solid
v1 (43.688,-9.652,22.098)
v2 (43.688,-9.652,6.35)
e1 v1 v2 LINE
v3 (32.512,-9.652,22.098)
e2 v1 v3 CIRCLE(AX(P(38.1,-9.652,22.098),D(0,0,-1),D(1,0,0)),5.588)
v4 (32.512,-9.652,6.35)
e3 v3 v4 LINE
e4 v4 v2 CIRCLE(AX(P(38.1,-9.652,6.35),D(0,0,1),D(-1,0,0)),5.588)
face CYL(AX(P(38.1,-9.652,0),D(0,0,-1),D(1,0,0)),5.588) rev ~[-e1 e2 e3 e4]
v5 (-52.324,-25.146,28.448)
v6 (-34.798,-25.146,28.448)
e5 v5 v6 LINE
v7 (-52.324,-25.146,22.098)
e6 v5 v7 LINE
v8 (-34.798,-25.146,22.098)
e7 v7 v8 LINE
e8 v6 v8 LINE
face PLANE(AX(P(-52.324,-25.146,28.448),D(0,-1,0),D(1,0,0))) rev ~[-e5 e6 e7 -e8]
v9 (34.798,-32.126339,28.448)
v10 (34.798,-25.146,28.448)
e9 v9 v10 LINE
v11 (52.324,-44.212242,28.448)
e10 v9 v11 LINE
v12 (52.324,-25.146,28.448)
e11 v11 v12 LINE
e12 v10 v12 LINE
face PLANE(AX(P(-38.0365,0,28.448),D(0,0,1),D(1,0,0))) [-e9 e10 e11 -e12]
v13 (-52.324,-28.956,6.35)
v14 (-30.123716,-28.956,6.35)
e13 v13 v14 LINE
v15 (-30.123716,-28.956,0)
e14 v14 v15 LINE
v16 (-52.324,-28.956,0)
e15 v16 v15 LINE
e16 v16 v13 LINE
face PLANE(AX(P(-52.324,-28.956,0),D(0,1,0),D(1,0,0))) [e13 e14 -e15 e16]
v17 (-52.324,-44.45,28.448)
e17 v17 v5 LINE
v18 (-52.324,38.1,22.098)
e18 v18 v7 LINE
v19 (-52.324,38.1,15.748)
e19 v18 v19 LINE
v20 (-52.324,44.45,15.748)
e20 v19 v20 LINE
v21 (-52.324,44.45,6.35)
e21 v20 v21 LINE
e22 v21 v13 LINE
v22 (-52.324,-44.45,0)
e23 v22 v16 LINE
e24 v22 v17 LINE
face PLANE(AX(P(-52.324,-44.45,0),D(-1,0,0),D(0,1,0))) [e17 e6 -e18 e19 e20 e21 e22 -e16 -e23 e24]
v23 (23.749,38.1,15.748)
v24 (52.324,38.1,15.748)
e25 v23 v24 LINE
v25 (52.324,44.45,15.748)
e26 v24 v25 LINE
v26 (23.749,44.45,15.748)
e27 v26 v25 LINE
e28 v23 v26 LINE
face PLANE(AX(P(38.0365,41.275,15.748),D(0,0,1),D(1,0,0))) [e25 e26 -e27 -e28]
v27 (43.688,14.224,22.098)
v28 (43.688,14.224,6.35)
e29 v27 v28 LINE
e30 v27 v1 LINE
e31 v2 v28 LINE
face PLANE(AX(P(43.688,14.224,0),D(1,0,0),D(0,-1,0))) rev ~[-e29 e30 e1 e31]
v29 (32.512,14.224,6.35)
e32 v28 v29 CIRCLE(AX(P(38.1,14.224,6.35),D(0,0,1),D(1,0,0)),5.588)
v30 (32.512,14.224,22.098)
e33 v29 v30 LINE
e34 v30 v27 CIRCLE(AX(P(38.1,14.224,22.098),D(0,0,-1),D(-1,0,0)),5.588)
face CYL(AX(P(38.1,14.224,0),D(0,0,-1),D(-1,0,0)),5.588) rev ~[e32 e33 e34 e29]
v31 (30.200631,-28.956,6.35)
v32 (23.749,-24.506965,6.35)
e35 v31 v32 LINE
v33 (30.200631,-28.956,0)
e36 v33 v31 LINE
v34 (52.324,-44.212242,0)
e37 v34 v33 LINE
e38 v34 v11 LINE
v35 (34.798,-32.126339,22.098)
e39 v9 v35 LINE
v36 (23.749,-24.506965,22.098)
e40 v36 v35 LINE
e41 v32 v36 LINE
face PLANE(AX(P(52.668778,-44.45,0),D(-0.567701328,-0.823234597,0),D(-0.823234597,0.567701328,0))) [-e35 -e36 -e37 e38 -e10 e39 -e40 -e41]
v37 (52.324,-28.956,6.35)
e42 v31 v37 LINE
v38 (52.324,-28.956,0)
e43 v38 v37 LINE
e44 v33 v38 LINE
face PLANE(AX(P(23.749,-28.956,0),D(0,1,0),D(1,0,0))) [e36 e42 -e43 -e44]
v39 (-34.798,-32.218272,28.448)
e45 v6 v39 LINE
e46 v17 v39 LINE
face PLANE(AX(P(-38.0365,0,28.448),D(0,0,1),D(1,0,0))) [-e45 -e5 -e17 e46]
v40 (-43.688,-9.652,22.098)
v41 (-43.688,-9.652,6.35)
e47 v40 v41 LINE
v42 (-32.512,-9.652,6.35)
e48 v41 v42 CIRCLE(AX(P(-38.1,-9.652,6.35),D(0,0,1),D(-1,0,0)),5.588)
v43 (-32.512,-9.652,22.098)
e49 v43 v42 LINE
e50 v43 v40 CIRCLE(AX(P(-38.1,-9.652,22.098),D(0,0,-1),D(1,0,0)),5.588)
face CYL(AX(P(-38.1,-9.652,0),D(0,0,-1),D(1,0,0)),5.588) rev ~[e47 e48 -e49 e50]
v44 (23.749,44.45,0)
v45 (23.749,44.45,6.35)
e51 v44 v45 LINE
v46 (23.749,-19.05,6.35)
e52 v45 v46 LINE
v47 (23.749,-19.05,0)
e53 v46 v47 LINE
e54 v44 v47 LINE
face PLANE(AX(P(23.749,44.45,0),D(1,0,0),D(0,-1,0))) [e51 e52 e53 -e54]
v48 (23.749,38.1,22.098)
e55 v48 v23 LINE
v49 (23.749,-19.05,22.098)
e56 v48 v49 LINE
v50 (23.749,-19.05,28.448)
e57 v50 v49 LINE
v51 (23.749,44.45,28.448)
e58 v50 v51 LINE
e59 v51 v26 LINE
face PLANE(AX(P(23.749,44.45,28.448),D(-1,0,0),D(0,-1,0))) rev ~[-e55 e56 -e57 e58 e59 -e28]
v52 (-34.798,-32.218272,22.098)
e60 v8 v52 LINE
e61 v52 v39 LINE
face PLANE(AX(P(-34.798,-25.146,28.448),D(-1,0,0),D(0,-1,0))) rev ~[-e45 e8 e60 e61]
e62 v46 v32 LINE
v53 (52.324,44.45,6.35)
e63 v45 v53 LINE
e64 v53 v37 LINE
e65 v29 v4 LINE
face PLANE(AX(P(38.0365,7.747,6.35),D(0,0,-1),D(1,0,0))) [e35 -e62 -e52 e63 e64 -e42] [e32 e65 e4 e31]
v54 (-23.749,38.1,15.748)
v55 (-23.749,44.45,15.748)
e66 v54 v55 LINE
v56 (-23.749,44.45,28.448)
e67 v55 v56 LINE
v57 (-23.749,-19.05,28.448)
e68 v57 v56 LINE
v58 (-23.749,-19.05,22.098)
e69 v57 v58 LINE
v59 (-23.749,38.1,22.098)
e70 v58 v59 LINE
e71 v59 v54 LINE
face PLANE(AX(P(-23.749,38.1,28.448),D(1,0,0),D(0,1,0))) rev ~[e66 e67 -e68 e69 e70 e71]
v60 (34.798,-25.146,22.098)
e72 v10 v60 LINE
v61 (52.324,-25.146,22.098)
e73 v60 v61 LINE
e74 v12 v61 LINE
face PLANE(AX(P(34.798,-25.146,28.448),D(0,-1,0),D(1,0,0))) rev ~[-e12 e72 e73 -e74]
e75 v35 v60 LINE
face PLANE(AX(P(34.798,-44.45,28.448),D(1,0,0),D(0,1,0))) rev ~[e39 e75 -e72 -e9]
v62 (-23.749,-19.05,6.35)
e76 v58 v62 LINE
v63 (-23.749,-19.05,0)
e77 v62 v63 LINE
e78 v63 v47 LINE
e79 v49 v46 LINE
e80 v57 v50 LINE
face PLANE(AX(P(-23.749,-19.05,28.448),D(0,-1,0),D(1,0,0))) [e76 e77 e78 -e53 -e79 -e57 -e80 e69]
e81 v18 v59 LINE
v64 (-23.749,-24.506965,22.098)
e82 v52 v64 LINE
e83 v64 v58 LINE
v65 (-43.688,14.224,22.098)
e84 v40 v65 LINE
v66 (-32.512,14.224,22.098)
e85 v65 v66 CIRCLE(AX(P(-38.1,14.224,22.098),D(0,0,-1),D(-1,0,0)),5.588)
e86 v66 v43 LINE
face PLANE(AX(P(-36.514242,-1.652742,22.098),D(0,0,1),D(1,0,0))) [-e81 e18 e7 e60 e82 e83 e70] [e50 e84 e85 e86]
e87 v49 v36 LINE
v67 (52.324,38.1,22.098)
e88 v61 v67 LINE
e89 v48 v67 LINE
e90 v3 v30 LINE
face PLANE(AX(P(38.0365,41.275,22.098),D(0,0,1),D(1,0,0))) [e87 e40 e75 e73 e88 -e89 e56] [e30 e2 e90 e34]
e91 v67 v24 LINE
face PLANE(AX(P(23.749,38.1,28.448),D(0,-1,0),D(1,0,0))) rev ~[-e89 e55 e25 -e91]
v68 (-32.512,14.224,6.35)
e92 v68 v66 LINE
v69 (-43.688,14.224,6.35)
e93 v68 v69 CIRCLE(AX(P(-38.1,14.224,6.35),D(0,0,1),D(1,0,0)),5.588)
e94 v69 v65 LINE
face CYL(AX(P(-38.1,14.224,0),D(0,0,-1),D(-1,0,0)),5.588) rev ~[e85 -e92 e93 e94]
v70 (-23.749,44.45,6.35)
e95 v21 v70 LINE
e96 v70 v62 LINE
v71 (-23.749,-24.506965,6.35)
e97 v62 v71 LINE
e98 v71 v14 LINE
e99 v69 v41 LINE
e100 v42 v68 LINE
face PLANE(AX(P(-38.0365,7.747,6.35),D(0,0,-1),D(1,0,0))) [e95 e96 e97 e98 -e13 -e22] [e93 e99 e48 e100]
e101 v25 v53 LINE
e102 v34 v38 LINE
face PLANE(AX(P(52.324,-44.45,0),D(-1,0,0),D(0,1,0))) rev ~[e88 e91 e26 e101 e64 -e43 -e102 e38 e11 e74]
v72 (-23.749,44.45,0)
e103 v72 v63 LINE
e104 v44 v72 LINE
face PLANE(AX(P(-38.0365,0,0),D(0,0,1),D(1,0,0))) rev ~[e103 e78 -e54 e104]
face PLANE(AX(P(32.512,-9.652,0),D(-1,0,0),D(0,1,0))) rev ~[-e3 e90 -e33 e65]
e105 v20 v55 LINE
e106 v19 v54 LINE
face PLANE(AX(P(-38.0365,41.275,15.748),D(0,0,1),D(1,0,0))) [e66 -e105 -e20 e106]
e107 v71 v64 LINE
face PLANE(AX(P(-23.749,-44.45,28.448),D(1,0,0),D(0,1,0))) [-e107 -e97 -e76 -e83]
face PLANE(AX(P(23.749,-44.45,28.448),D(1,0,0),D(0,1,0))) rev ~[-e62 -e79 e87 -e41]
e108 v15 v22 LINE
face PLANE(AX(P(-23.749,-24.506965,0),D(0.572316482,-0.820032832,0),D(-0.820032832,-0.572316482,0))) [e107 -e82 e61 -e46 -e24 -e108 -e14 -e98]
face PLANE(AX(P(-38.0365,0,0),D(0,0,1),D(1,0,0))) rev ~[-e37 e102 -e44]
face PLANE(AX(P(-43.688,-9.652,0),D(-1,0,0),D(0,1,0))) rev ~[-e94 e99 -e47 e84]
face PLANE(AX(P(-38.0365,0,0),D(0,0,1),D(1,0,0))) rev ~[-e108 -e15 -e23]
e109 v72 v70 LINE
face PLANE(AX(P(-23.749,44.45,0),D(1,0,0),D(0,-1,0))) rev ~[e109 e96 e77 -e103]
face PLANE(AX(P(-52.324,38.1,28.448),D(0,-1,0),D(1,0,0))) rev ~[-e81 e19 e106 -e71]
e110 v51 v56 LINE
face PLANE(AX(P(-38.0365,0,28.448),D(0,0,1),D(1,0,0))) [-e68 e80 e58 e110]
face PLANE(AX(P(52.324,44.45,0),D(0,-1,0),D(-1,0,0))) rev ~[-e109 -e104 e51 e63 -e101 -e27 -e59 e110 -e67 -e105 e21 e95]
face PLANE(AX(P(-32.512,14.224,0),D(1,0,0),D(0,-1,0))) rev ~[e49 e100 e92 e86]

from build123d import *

# Parameters (mm, degrees)
F0_W      = 28.575
F0_H      = 88.9
F0_W_2    = 47.498
F1_DEPTH  = 28.448
F2_DEPTH  = 25.4
F3_W      = 28.575
F3_H      = 73.406
F4_DEPTH  = 6.35
F5_W      = 28.575
F5_H      = 6.35
F6_DEPTH  = 6.35
F7_DEPTH  = 12.7
F8_W      = 47.498
F8_H      = 25.4
F9_DEPTH  = 28.449
F11_DEPTH = 28.449


with BuildPart() as f1:
    # F0 (on Top) → F1 (new body)
    with BuildSketch(Plane.XY):
        with Locations((-38.0365, 0)):
            Rectangle(F0_W, F0_H)
        with BuildLine():
            ThreePointArc((-43.688, 14.224), (-38.1, 19.812), (-32.512, 14.224))
            Line((-32.512, 14.224), (-32.512, -9.652))
            ThreePointArc((-32.512, -9.652), (-38.1, -15.24), (-43.688, -9.652))
            Line((-43.688, -9.652), (-43.688, 14.224))
        make_face(mode=Mode.SUBTRACT)
        Rectangle(F0_W_2, F0_H)
        with Locations((38.0365, 0)):
            Rectangle(F0_W, F0_H)
        with BuildLine():
            ThreePointArc((32.512, 14.224), (38.1, 19.812), (43.688, 14.224))
            Line((43.688, 14.224), (43.688, -9.652))
            ThreePointArc((43.688, -9.652), (38.1, -15.24), (32.512, -9.652))
            Line((32.512, -9.652), (32.512, 14.224))
        make_face(mode=Mode.SUBTRACT)
    extrude(amount=F1_DEPTH)

    # F0 (on Top) → F2 (join)
    with BuildSketch(Plane.XY):
        with Locations((-38.0365, 0)):
            Rectangle(F0_W, F0_H)
        with BuildLine():
            ThreePointArc((-43.688, 14.224), (-38.1, 19.812), (-32.512, 14.224))
            Line((-32.512, 14.224), (-32.512, -9.652))
            ThreePointArc((-32.512, -9.652), (-38.1, -15.24), (-43.688, -9.652))
            Line((-43.688, -9.652), (-43.688, 14.224))
        make_face(mode=Mode.SUBTRACT)
        Rectangle(F0_W_2, F0_H)
        with Locations((38.0365, 0)):
            Rectangle(F0_W, F0_H)
        with BuildLine():
            ThreePointArc((32.512, 14.224), (38.1, 19.812), (43.688, 14.224))
            Line((43.688, 14.224), (43.688, -9.652))
            ThreePointArc((43.688, -9.652), (38.1, -15.24), (32.512, -9.652))
            Line((32.512, -9.652), (32.512, 14.224))
        make_face(mode=Mode.SUBTRACT)
    extrude(amount=F2_DEPTH)

    # F3 (on face) → F4 (cut)
    with BuildSketch(Plane(origin=(0, 0, 0), x_dir=(1, 0, 0), z_dir=(0, 0, -1))):
        with Locations((38.0365, -7.747)):
            Rectangle(F3_W, F3_H)
        with BuildLine():
            ThreePointArc((43.688, -14.224), (38.1, -19.812), (32.512, -14.224))
            Line((32.512, -14.224), (32.512, 9.652))
            ThreePointArc((32.512, 9.652), (38.1, 15.24), (43.688, 9.652))
            Line((43.688, 9.652), (43.688, -14.224))
        make_face(mode=Mode.SUBTRACT)
        with Locations((-38.0365, -7.747)):
            Rectangle(F3_W, F3_H)
        with BuildLine():
            Line((-32.512, 9.652), (-32.512, -14.224))
            ThreePointArc((-32.512, -14.224), (-38.1, -19.812), (-43.688, -14.224))
            Line((-43.688, -14.224), (-43.688, 9.652))
            ThreePointArc((-43.688, 9.652), (-38.1, 15.24), (-32.512, 9.652))
        make_face(mode=Mode.SUBTRACT)
    extrude(amount=-F4_DEPTH, mode=Mode.SUBTRACT)

    # F5 (on face) → F6 (cut)
    with BuildSketch(Plane.XY.offset(28.448)):
        with Locations((38.0365, 41.275)):
            Rectangle(F5_W, F5_H)
        Polygon((-23.749, 38.1), (-52.324, 38.1), (-52.324, -25.146), (-34.798, -25.146), (-34.798, -44.45), (-23.749, -44.45), align=None)
        with BuildLine():
            Line((-43.688, -9.652), (-43.688, 14.224))
            ThreePointArc((-43.688, 14.224), (-38.1, 19.812), (-32.512, 14.224))
            Line((-32.512, 14.224), (-32.512, -9.652))
            ThreePointArc((-32.512, -9.652), (-38.1, -15.24), (-43.688, -9.652))
        make_face(mode=Mode.SUBTRACT)
        with Locations((-38.0365, 41.275)):
            Rectangle(F5_W, F5_H)
        Polygon((52.324, 38.1), (23.749, 38.1), (23.749, -44.45), (34.798, -44.45), (34.798, -25.146), (52.324, -25.146), align=None)
        with BuildLine():
            ThreePointArc((43.688, -9.652), (38.1, -15.24), (32.512, -9.652))
            Line((32.512, -9.652), (32.512, 14.224))
            ThreePointArc((32.512, 14.224), (38.1, 19.812), (43.688, 14.224))
            Line((43.688, 14.224), (43.688, -9.652))
        make_face(mode=Mode.SUBTRACT)
    extrude(amount=-F6_DEPTH, mode=Mode.SUBTRACT)

    # F5 (on face) → F7 (cut)
    with BuildSketch(Plane.XY.offset(28.448)):
        with Locations((-38.0365, 41.275)):
            Rectangle(F5_W, F5_H)
        with Locations((38.0365, 41.275)):
            Rectangle(F5_W, F5_H)
    extrude(amount=-F7_DEPTH, mode=Mode.SUBTRACT)

    # F8 (on face) → F9 (cut, through all)
    with BuildSketch(Plane.XY.offset(28.448)):
        with Locations((0, -31.75)):
            Rectangle(F8_W, F8_H)
    extrude(amount=-F9_DEPTH, mode=Mode.SUBTRACT)

    # F10 (on face) → F11 (cut, through all)
    with BuildSketch(Plane.XY):
        Polygon((-23.749, -24.506965), (-52.324, -44.45), (-23.749, -44.45), align=None)
        Polygon((23.749, -44.45), (52.668778, -44.45), (23.749, -24.506965), align=None)
    extrude(amount=F11_DEPTH, mode=Mode.SUBTRACT)


solid = f1.part
